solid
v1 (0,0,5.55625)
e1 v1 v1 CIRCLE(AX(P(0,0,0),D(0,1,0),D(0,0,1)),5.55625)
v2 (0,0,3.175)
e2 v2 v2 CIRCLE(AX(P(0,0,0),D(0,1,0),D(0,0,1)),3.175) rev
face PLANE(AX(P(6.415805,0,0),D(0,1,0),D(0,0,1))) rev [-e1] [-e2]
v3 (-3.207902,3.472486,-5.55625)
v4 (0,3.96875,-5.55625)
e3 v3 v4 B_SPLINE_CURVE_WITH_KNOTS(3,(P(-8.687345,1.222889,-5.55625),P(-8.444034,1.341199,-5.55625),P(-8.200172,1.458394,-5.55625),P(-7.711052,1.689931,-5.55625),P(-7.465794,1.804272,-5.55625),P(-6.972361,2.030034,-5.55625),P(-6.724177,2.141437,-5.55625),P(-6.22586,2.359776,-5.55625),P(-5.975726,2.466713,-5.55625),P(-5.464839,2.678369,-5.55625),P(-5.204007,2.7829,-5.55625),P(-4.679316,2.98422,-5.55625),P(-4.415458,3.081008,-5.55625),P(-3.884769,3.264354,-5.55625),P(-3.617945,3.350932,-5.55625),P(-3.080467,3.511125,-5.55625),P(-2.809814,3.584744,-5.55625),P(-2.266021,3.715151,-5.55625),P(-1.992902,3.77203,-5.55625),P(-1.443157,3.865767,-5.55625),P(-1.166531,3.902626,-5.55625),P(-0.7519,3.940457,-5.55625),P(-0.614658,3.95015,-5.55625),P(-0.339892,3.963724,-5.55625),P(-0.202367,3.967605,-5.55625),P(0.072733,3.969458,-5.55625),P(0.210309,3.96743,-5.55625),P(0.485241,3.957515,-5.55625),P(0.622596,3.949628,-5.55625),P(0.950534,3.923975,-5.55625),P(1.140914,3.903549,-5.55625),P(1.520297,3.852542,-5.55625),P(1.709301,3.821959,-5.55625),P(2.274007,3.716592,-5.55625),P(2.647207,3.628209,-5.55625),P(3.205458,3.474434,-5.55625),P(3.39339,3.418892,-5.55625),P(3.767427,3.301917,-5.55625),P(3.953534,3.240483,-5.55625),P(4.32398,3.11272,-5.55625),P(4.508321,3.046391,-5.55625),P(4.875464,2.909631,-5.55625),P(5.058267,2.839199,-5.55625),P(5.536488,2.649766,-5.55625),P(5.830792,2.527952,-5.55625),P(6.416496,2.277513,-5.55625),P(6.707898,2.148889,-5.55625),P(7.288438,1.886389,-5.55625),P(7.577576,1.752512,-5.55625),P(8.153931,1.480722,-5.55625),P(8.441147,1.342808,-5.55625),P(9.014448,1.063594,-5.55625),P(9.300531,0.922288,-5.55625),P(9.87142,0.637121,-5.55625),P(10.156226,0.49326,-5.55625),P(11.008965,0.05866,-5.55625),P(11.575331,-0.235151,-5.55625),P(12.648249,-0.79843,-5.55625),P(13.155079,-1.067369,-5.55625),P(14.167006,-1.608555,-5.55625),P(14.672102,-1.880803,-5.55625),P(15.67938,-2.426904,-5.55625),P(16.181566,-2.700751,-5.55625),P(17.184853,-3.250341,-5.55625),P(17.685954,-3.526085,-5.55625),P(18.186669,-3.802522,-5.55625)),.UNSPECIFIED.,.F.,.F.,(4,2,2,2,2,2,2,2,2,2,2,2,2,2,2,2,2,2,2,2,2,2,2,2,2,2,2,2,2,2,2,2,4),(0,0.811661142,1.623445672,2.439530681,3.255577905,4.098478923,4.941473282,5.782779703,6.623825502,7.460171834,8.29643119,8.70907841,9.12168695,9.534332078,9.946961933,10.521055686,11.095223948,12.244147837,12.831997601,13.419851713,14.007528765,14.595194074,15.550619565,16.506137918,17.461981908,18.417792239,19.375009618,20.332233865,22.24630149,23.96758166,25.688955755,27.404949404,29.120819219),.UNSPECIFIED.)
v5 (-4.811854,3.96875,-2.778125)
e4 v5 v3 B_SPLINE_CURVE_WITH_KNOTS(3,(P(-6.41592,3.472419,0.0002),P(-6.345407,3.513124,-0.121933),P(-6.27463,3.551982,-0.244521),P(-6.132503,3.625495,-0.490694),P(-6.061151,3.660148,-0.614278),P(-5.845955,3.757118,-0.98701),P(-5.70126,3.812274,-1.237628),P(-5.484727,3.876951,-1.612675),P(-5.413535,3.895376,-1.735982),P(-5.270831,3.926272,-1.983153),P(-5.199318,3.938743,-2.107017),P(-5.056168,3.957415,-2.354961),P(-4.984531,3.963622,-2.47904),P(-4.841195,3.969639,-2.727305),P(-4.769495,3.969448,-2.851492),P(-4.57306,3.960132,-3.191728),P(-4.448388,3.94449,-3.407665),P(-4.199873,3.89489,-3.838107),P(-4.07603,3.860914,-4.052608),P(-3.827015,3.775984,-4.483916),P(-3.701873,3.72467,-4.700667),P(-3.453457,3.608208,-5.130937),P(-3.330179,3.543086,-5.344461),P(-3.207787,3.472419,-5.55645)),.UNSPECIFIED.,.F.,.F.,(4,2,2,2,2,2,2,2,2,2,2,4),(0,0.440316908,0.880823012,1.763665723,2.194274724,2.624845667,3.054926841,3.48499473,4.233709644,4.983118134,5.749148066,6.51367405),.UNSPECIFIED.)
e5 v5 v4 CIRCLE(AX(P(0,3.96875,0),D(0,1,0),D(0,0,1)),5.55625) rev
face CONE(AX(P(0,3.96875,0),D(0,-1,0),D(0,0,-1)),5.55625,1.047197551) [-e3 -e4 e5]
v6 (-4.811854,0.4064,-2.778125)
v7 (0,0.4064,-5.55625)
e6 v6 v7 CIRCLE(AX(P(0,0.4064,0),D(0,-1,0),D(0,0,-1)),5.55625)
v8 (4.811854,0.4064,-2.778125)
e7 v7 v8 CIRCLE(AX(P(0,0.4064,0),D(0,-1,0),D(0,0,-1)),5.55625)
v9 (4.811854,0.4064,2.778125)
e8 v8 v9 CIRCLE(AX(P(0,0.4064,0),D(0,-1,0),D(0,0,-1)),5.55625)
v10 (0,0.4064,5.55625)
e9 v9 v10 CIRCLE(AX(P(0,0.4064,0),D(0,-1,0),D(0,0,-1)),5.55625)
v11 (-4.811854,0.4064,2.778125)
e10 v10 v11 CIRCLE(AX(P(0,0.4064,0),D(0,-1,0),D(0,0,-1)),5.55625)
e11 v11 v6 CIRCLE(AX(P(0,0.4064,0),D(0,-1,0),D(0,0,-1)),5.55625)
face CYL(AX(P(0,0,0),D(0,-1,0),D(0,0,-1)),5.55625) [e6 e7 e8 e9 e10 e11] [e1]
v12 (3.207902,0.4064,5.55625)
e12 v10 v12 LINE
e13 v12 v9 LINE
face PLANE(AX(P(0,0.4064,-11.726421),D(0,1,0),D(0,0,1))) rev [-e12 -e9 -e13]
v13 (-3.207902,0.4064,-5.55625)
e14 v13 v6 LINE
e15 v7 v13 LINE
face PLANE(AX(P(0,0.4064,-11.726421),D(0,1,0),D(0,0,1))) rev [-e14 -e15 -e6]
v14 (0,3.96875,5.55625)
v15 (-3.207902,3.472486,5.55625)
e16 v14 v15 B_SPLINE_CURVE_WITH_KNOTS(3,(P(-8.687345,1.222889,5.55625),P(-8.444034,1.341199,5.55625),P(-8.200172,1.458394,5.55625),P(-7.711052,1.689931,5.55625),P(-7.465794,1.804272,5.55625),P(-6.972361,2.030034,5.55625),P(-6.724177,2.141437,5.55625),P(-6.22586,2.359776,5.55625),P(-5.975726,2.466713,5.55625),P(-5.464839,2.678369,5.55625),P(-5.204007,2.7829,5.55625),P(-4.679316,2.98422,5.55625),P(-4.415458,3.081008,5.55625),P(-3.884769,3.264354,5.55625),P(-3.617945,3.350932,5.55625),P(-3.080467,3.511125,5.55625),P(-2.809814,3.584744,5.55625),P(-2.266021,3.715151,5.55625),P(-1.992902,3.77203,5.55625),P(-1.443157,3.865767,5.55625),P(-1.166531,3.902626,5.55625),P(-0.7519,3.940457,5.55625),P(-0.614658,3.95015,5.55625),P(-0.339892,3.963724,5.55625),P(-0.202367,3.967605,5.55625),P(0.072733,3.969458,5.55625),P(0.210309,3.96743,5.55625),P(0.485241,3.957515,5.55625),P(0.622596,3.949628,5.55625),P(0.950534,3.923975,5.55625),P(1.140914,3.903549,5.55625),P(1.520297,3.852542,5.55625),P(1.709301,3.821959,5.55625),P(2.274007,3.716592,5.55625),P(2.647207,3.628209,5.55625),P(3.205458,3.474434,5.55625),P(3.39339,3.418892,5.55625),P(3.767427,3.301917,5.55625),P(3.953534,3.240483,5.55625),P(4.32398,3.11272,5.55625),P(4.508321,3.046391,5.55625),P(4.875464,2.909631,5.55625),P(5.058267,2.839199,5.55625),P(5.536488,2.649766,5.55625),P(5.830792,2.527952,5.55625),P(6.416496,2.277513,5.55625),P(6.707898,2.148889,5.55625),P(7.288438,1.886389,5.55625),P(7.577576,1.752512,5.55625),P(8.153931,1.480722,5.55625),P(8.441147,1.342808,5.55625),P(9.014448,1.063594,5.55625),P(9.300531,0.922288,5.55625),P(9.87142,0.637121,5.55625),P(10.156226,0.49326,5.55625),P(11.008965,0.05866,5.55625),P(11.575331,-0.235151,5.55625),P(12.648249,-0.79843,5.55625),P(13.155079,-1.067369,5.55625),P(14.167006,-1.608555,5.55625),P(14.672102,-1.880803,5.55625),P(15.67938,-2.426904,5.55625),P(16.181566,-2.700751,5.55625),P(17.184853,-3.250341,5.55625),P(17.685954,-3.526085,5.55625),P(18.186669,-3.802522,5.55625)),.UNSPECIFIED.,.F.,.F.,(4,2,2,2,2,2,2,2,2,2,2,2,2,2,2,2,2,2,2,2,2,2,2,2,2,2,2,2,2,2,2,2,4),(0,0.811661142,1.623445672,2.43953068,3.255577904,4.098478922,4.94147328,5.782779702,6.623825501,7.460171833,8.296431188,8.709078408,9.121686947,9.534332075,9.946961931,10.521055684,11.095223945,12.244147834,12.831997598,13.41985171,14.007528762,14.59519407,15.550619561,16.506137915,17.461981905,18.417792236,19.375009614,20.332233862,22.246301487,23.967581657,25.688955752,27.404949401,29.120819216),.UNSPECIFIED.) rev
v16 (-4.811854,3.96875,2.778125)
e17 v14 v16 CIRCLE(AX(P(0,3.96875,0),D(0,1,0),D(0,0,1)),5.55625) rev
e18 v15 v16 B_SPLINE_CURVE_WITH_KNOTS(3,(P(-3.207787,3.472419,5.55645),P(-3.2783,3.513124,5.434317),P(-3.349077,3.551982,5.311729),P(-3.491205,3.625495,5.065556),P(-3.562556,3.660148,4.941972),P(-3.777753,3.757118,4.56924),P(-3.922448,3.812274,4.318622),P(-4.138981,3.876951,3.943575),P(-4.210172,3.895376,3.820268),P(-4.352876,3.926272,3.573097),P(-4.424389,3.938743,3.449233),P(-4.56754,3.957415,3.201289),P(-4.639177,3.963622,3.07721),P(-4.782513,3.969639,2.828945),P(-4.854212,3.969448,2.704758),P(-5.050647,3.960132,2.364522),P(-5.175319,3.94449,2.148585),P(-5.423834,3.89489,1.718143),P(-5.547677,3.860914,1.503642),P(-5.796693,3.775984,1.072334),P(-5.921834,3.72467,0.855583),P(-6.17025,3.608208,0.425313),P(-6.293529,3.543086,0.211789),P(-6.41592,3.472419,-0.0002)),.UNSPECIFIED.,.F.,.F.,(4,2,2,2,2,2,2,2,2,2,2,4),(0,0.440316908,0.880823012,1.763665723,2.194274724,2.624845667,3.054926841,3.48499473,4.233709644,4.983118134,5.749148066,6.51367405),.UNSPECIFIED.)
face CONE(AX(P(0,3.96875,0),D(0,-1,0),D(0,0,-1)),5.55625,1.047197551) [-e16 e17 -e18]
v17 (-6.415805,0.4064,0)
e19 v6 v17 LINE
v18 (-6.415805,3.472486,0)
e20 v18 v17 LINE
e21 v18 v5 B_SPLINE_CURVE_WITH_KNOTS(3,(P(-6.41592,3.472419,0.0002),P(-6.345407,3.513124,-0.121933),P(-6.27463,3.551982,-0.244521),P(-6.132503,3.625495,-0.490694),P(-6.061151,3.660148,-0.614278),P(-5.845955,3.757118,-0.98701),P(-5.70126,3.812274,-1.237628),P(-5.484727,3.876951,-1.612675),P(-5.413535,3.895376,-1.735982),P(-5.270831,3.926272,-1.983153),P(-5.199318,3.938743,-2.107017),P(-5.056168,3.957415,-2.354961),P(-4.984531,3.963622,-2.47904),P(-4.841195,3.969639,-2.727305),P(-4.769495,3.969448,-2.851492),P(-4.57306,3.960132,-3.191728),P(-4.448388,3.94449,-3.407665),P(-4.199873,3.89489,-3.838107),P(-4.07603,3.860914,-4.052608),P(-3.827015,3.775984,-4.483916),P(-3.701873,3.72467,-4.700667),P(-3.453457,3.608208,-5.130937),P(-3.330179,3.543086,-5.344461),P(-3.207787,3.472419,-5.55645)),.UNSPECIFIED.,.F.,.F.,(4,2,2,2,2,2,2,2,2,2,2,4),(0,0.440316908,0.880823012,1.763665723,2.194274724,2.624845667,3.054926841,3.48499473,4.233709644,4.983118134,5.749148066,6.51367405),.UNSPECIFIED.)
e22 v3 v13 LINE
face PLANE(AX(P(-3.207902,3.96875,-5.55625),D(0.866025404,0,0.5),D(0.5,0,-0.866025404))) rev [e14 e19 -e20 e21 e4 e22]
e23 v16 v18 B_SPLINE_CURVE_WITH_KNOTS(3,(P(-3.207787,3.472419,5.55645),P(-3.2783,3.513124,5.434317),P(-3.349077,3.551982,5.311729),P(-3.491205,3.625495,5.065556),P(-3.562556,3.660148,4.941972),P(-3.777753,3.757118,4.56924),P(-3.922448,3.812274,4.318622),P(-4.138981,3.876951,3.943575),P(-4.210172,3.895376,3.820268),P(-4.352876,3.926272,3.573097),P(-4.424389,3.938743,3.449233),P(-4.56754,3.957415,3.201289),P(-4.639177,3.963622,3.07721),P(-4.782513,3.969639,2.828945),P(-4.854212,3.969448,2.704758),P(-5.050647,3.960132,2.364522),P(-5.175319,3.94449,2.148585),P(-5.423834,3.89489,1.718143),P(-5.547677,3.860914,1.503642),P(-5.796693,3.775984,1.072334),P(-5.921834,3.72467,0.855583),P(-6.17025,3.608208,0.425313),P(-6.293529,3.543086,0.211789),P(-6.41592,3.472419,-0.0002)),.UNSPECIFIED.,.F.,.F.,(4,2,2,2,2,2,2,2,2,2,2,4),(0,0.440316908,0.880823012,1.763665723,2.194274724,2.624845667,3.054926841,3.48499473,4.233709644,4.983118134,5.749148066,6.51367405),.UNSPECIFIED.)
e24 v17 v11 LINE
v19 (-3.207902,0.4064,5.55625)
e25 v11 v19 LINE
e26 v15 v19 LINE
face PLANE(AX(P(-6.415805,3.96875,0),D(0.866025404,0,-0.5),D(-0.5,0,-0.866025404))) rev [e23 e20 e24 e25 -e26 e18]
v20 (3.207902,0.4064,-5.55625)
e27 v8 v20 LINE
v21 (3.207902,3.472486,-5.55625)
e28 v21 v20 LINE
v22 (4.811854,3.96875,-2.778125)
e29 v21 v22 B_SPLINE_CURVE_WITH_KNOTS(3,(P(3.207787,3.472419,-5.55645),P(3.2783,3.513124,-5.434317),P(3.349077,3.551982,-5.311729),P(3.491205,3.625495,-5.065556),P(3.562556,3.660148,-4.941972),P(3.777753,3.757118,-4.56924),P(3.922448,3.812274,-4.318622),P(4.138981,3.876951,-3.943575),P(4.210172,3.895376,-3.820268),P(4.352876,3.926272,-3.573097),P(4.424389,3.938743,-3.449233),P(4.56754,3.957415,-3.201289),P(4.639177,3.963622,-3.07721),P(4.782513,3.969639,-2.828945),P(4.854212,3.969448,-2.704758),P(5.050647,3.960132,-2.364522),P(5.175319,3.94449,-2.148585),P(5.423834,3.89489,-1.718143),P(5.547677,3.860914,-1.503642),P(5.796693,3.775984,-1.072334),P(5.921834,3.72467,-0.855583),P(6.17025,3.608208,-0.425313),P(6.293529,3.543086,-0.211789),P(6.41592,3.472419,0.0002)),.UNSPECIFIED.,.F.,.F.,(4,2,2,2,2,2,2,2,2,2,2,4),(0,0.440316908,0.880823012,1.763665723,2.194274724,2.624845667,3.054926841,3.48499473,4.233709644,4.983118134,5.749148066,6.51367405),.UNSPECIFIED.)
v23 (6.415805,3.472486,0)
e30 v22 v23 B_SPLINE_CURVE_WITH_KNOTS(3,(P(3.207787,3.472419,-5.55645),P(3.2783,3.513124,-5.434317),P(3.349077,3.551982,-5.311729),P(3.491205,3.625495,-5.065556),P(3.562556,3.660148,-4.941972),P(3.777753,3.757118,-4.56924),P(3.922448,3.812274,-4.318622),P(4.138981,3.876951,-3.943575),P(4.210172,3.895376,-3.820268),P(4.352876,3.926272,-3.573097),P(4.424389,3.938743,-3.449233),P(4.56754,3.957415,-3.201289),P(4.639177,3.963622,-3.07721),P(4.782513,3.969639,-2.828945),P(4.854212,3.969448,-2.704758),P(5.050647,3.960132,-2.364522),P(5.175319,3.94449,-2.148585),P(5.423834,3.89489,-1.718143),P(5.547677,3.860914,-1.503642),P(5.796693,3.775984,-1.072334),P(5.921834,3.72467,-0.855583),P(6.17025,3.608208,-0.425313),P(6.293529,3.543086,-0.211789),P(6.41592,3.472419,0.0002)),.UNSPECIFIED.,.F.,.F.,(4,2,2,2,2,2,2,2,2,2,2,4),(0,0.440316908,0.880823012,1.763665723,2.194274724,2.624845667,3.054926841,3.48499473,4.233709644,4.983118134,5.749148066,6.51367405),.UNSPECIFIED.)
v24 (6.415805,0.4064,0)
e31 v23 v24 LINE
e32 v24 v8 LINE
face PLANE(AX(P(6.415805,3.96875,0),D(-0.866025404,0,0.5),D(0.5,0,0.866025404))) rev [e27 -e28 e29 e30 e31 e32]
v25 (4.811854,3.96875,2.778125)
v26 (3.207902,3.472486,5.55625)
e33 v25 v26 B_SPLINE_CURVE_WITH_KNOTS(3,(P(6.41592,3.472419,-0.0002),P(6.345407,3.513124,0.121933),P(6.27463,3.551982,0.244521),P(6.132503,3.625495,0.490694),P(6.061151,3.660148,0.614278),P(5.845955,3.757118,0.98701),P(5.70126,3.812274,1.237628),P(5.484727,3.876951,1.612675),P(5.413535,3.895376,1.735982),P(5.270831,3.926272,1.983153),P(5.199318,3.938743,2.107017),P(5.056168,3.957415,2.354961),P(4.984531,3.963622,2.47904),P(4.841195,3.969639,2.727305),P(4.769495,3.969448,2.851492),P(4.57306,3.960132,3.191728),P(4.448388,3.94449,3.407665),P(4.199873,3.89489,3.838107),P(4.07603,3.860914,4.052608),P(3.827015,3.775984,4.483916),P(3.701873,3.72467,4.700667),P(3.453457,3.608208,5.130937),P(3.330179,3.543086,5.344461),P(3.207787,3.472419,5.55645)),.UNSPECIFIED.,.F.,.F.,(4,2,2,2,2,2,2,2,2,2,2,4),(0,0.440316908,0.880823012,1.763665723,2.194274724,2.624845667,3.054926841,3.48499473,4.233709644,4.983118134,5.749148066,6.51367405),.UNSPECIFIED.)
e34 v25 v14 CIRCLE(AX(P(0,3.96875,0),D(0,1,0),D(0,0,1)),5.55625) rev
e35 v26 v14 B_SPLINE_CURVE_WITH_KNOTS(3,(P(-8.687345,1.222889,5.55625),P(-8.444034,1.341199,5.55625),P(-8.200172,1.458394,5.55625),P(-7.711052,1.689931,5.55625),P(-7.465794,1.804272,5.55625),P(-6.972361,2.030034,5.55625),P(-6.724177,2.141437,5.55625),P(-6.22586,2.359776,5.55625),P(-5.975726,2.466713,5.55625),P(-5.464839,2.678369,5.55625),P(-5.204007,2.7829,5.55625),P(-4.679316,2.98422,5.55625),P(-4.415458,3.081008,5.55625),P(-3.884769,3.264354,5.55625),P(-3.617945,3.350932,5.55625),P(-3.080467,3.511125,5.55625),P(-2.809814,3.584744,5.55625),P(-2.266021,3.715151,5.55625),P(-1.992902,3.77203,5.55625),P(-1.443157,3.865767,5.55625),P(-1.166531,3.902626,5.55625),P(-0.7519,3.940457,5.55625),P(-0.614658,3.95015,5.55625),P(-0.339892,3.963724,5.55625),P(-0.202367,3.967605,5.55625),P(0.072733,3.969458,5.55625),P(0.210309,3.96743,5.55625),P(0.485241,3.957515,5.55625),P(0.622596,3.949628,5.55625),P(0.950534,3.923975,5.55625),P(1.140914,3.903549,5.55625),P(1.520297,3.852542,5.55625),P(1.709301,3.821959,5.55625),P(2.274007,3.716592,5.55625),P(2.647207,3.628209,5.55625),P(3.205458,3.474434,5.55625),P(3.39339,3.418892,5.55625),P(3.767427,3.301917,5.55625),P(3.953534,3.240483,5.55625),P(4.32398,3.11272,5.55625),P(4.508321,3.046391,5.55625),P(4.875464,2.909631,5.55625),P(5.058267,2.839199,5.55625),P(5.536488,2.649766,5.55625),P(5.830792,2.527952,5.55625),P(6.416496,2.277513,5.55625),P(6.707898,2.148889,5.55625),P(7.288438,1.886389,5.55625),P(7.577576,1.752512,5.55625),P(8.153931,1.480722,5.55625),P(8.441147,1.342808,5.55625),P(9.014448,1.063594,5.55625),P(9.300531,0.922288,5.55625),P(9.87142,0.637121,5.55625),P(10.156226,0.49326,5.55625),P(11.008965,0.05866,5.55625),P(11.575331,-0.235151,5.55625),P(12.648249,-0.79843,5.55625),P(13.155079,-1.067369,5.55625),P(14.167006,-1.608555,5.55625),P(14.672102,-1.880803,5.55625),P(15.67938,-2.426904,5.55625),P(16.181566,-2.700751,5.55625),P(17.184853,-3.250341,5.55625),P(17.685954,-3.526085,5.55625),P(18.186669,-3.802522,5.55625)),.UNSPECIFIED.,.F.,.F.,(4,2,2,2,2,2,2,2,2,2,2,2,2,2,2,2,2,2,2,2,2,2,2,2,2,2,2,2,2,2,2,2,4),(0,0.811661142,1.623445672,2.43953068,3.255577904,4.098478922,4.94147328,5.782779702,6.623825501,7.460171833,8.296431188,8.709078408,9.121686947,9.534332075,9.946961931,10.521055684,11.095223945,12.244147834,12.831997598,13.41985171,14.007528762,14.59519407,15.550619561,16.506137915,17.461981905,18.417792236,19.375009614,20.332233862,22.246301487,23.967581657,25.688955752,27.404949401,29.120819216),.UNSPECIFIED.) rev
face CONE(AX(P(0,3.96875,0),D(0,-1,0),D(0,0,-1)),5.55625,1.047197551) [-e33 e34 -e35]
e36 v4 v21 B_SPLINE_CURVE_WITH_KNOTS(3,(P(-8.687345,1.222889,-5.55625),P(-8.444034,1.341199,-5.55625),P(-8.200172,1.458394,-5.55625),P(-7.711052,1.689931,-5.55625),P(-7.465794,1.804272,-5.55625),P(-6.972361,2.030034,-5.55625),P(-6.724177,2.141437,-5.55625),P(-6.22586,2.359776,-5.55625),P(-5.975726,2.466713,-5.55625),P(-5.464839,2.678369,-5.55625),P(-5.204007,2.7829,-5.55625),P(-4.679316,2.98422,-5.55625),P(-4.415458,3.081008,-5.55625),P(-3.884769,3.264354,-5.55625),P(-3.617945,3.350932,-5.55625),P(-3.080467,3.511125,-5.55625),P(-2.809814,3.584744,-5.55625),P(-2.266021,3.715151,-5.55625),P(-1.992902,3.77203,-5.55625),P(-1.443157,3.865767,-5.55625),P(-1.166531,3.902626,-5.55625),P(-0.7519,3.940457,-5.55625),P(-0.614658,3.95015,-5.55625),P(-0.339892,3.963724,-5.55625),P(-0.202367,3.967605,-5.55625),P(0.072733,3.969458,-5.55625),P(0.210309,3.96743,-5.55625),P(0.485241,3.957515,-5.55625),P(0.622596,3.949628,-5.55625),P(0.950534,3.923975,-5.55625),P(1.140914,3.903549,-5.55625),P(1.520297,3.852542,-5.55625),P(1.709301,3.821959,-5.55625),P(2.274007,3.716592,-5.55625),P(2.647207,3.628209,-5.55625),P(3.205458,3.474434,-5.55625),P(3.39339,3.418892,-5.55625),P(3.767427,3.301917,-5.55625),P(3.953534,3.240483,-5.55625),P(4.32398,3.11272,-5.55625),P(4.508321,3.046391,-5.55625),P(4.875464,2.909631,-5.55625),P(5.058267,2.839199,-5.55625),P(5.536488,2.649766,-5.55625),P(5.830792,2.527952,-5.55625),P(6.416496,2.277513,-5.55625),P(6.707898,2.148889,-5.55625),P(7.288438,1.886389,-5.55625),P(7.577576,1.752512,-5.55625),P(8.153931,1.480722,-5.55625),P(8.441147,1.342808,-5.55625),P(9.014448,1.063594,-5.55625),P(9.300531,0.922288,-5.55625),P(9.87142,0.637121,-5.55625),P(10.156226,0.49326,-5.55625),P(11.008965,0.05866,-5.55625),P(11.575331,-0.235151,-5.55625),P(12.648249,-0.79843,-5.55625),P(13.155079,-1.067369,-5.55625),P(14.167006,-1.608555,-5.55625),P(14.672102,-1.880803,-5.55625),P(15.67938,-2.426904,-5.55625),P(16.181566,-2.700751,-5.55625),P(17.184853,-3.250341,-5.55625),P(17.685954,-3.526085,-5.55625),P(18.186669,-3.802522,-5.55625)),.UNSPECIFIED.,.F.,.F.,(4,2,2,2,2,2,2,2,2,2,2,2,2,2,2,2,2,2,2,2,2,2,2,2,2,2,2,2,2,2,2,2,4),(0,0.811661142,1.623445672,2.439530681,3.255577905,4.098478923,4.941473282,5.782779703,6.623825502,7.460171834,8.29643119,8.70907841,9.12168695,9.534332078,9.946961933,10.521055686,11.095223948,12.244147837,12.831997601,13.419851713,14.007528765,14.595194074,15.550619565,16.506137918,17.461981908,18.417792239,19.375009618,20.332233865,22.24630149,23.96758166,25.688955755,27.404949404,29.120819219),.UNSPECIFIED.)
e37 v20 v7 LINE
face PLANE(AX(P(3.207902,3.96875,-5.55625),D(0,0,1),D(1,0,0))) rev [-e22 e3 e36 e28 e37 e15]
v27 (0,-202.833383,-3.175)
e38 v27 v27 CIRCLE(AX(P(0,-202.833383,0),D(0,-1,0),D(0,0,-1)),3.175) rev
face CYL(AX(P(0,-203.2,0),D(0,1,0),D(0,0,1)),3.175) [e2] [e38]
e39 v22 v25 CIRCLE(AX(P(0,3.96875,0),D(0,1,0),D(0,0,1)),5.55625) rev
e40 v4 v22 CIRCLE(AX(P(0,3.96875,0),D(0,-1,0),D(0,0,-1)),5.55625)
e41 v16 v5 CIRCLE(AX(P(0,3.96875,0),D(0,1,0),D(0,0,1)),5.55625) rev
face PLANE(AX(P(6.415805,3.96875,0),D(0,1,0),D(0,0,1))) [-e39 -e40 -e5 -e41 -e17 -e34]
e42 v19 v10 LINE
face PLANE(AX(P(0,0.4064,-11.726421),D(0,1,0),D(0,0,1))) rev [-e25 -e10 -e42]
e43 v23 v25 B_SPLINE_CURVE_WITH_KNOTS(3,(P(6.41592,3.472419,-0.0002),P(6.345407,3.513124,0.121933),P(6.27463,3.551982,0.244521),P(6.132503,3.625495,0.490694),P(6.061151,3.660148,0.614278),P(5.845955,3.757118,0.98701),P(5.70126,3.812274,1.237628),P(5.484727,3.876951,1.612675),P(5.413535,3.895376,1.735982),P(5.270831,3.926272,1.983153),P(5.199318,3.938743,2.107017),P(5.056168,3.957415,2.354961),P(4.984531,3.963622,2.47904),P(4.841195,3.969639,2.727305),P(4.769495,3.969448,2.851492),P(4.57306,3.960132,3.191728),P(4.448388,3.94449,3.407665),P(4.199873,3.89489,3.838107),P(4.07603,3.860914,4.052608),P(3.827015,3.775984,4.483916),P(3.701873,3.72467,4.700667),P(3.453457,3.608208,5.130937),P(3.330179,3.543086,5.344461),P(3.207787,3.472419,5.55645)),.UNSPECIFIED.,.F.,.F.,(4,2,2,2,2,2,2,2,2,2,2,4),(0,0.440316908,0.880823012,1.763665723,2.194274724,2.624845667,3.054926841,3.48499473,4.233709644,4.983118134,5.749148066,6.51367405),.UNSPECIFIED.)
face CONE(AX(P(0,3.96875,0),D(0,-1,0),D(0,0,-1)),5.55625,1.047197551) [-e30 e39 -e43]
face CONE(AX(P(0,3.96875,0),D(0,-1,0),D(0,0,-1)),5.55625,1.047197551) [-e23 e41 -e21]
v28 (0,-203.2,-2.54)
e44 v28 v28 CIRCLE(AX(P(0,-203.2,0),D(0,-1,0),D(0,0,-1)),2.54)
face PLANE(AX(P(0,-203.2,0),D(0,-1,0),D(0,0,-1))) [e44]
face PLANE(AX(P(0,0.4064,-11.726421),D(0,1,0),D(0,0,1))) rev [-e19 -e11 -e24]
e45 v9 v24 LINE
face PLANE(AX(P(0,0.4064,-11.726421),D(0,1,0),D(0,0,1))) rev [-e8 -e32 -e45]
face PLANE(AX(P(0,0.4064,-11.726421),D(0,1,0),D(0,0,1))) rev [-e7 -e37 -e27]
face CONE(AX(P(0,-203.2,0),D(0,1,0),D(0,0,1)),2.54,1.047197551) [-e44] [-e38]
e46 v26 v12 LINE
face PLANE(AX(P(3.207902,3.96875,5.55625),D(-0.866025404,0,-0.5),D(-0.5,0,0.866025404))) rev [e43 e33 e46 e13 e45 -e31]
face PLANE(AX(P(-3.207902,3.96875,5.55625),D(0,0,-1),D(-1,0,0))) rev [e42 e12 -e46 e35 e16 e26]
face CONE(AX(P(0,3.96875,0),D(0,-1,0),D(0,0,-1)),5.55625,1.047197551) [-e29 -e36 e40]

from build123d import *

# Parameters (mm, degrees)
BASE_EXTRUDE_DEPTH  = 3.96875
SKETCH5_R           = 3.175
BOSS_EXTRUDE1_DEPTH = 203.2
CHAMFER1_SIZE       = 0.635
CHAMFER1_SIZE2      = 0.366617421


with BuildPart() as part:
    # Sketch4 → Base-Extrude (new body)
    with BuildSketch(Plane(origin=(0, 0, 0), x_dir=(1, 0, 0), z_dir=(0, 1, 0))):
        Polygon((6.415804866, 0), (3.207902433, 5.55625), (-3.207902433, 5.55625), (-6.415804866, 0), (-3.207902433, -5.55625), (3.207902433, -5.55625), align=None)
    extrude(amount=BASE_EXTRUDE_DEPTH)

    # Sketch5 → Boss-Extrude1 (add)
    with BuildSketch(Plane.XZ):
        with Locations(Location((0, 0, 0), (0, 0, 90))):
            Circle(SKETCH5_R)
    extrude(amount=BOSS_EXTRUDE1_DEPTH)

    # Sketch8 → Cut-Revolve1 (revolve, cut)
    with BuildSketch(Plane(origin=(0, 0, 0), x_dir=(0, 0, -1), z_dir=(1, 0, 0)), mode=Mode.PRIVATE) as cut_revolve1_sk:
        Polygon((5.55625, 3.96875), (11.726421194, 0.4064), (5.55625, 0.4064), (5.55625, 0), (14.266421194, 0), (14.266421194, 3.96875), align=None)
    revolve(cut_revolve1_sk.sketch.rotate(Axis((0, 0, 0), (0, 1, 0)), 180), axis=Axis((0, 0, 0), (0, 1, 0)), mode=Mode.SUBTRACT)

    # Chamfer1
    chamfer1_edges = [part.edges().sort_by_distance(p)[0] for p in [
        (0, -203.2, -3.175),
    ]]
    chamfer1_side = [part.faces().sort_by_distance(p)[0] for p in [
        (0, -203.2, 0),
    ]]
    chamfer(chamfer1_edges, length=CHAMFER1_SIZE, length2=CHAMFER1_SIZE2, reference=chamfer1_side[0])


solid = part.part
